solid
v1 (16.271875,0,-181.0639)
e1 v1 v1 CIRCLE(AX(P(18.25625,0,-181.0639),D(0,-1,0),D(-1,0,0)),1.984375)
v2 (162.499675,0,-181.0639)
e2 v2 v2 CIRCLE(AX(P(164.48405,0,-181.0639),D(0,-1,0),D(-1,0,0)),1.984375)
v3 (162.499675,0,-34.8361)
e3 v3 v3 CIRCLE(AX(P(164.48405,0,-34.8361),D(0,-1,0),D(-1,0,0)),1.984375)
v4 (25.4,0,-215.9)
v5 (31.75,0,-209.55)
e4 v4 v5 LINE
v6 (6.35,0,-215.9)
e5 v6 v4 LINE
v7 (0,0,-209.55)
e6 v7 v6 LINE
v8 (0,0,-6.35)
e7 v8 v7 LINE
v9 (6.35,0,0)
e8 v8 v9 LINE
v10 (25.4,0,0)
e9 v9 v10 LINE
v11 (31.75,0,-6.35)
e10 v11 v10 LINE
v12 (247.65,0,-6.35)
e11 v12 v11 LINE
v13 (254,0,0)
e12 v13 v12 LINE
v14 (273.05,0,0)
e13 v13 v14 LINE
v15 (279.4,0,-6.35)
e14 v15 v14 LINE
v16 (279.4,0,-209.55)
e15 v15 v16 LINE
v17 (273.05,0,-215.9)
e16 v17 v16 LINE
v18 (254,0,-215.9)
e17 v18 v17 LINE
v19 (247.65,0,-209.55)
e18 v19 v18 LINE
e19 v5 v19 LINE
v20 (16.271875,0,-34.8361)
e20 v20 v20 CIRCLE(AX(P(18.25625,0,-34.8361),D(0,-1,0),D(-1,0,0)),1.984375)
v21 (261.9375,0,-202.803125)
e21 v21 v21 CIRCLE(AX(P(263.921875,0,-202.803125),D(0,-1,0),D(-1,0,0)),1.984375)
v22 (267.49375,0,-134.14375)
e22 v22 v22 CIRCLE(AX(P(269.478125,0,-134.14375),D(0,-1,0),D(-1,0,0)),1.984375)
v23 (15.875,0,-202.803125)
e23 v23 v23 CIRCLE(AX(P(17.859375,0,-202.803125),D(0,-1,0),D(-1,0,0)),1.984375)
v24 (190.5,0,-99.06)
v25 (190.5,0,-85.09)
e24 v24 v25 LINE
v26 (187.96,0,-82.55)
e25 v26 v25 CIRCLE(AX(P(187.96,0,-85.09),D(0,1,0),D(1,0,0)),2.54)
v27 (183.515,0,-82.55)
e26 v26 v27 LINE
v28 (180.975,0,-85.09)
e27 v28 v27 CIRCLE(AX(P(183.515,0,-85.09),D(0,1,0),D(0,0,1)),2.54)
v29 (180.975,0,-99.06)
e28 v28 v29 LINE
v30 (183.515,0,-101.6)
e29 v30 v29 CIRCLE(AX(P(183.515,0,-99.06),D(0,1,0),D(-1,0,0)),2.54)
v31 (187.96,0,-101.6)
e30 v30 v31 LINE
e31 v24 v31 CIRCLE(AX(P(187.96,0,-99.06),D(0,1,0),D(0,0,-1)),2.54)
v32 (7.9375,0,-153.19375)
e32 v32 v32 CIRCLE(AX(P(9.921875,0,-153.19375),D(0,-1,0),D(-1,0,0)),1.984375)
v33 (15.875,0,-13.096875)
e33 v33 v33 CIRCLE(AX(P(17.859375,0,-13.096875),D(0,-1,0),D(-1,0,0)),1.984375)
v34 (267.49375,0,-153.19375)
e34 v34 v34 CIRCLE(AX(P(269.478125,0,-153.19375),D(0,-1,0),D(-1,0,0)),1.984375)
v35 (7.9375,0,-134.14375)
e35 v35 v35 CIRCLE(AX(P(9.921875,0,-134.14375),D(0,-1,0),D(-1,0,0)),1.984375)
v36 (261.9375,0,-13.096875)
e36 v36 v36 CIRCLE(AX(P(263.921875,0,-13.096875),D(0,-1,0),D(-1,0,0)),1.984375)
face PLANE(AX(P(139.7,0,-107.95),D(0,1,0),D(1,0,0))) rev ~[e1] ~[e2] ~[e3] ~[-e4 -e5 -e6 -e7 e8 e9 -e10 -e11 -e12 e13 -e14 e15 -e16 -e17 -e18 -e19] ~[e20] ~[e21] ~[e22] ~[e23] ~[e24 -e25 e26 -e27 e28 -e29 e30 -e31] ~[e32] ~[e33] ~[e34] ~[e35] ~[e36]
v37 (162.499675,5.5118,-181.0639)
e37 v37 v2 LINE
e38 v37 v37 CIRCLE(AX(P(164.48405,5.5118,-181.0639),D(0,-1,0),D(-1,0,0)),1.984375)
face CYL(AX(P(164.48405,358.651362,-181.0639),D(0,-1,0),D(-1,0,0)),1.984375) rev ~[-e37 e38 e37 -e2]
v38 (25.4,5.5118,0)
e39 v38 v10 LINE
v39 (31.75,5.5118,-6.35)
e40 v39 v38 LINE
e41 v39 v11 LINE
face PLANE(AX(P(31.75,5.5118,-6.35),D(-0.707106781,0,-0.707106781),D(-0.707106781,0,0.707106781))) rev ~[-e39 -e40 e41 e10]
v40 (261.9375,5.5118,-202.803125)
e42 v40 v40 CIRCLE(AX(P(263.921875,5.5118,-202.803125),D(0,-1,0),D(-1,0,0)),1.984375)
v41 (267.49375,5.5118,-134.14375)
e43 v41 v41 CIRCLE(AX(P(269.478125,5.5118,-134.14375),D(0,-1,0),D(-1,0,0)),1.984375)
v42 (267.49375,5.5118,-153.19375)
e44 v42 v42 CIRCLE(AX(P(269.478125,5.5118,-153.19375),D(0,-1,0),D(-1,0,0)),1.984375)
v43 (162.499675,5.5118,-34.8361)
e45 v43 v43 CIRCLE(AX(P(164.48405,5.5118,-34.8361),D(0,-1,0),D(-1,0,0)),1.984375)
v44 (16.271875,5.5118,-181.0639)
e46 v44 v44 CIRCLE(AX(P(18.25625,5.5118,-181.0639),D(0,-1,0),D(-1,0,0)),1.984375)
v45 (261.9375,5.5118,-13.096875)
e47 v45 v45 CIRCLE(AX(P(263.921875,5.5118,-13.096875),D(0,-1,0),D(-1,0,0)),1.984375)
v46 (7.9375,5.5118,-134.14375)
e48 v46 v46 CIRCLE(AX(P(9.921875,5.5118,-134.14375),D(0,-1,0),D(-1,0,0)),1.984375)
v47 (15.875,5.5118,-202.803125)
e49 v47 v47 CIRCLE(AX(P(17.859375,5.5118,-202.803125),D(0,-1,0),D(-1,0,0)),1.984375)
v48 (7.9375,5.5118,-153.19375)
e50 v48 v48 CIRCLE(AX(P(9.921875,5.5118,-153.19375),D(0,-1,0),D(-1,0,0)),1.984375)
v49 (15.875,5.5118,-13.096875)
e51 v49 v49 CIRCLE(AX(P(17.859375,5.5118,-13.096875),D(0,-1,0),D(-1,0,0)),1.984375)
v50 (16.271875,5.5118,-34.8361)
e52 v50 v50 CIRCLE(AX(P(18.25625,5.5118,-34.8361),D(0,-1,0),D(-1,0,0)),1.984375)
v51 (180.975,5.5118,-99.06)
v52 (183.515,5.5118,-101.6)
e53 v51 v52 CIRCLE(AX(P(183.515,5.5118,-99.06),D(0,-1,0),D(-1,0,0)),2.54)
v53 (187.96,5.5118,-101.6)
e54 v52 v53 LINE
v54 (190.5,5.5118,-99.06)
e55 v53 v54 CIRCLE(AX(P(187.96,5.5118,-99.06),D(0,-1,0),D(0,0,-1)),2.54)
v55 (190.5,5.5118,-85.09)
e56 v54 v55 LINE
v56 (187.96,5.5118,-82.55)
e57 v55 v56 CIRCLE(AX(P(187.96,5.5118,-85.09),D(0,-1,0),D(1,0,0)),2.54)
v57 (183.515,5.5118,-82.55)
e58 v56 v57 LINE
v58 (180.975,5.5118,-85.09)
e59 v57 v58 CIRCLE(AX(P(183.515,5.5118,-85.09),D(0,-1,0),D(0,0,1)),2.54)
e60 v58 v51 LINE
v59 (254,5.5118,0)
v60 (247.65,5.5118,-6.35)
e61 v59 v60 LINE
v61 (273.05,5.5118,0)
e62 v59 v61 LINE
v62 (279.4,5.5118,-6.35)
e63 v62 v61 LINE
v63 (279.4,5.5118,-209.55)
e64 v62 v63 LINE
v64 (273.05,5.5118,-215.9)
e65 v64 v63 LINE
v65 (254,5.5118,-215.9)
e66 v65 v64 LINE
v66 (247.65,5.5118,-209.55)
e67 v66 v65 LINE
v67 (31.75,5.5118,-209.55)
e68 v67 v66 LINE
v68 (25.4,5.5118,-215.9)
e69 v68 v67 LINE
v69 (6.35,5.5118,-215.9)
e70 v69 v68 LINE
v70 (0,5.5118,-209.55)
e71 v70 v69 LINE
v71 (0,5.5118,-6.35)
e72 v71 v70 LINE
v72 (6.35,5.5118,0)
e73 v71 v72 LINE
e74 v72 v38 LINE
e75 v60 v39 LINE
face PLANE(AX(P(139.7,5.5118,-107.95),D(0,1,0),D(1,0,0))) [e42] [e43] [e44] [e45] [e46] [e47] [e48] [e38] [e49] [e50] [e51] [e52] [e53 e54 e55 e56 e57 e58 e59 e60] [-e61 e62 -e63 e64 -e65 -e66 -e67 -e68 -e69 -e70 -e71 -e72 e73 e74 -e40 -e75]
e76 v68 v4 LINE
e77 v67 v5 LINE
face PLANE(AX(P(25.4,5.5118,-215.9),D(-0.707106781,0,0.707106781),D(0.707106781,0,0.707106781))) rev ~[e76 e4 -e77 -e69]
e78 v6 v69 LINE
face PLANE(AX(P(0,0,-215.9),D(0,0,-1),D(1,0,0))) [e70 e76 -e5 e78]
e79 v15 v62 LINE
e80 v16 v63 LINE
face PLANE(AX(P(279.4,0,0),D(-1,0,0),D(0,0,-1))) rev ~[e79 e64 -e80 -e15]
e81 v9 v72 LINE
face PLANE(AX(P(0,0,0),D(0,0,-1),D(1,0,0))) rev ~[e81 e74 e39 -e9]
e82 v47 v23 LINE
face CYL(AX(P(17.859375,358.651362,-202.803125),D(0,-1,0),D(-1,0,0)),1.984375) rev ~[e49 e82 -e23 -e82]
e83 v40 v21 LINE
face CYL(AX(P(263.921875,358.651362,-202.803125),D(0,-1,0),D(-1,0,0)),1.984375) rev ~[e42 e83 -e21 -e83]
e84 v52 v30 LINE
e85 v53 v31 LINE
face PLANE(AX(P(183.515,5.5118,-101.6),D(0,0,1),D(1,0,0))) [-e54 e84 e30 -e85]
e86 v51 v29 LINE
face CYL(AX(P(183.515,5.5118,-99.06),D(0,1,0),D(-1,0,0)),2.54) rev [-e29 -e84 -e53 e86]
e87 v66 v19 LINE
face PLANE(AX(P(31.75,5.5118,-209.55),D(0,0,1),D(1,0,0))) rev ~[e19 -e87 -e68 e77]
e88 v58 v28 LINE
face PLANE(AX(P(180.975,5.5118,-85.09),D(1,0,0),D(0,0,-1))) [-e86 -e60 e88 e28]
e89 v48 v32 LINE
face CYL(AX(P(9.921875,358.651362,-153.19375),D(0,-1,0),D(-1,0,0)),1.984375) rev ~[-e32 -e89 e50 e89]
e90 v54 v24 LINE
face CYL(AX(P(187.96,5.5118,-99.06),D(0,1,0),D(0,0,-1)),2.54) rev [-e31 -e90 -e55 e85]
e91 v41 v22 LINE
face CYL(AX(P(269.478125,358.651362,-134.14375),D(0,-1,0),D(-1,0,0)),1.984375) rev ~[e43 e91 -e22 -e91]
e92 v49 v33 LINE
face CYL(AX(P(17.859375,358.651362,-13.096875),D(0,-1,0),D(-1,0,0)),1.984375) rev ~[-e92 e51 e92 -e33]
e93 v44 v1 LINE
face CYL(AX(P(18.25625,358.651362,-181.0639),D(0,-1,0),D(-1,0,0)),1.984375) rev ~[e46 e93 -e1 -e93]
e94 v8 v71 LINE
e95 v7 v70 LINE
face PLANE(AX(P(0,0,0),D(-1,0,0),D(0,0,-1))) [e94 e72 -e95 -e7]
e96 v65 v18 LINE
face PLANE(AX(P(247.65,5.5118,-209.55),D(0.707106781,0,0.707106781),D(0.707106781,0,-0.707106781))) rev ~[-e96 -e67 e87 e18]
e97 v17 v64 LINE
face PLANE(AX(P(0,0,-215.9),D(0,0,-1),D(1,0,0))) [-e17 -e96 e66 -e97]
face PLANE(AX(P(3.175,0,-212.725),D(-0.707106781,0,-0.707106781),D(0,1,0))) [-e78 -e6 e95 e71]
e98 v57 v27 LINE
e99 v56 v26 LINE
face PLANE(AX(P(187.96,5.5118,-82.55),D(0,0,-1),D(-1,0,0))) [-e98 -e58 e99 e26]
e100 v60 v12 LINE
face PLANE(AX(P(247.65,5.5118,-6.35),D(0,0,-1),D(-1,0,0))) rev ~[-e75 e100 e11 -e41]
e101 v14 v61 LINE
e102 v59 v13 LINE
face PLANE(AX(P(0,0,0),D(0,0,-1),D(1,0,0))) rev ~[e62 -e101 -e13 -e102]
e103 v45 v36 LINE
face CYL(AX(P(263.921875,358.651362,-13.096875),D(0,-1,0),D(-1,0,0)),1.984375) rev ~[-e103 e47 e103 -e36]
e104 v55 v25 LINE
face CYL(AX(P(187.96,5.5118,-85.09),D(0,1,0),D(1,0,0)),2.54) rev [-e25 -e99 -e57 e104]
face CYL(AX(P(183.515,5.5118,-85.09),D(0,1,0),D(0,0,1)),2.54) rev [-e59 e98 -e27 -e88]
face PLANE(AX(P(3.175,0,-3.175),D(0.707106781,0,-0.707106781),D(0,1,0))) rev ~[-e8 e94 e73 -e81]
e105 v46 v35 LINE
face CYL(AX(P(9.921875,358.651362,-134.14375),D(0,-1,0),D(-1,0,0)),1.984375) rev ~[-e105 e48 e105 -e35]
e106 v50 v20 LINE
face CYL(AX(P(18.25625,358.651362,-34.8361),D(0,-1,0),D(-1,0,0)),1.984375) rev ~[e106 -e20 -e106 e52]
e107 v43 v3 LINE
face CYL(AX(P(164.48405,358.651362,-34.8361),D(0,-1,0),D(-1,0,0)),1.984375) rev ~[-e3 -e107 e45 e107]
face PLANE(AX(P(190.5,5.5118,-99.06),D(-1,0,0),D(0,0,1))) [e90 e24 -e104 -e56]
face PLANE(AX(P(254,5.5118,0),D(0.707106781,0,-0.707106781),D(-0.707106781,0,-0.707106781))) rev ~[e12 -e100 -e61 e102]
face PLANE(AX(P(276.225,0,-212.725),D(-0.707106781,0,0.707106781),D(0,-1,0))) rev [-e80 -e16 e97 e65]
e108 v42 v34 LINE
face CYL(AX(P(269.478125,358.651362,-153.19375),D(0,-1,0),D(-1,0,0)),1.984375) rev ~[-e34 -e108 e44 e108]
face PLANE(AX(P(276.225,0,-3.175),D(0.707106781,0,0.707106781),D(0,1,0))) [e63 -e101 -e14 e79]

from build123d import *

# Parameters (mm, degrees)
SKETCH1_W                       = 279.4
SKETCH1_H                       = 215.9
BOSS_EXTRUDE1_DEPTH             = 5.5118
F_5_32_0_15625_DIAMETER_HOLE1_D = 3.96875
F_5_32_0_15625_DIAMETER_HOLE2_D = 3.96875
CUT_EXTRUDE2_DEPTH              = 6.5118
CHAMFER1_SIZE                   = 6.35
CUT_EXTRUDE3_DEPTH              = 6.5118


with BuildPart() as part:
    # Sketch1 → Boss-Extrude1 (new body)
    with BuildSketch(Plane(origin=(0, 0, 0), x_dir=(1, 0, 0), z_dir=(0, 1, 0))):
        with Locations((139.7, 107.95)):
            Rectangle(SKETCH1_W, SKETCH1_H)
    extrude(amount=BOSS_EXTRUDE1_DEPTH)

    # 5/32 (0.15625) Diameter Hole1 (through all)
    with Locations(Plane(origin=(0, 5.5118, 0), x_dir=(1, 0, 0), z_dir=(0, 1, 0))):
        with Locations((17.859375, 13.096875), (17.859375, 202.803125), (9.921875, 153.19375), (9.921875, 134.14375), (263.921875, 13.096875), (269.478125, 134.14375), (269.478125, 153.19375), (263.921875, 202.803125)):
            Hole(F_5_32_0_15625_DIAMETER_HOLE1_D / 2)

    # 5/32 (0.15625) Diameter Hole2 (through all)
    with Locations(Plane(origin=(0, 5.5118, 0), x_dir=(1, 0, 0), z_dir=(0, 1, 0))):
        with Locations((18.25625, 34.8361), (164.48405, 34.8361), (164.48405, 181.0639), (18.25625, 181.0639)):
            Hole(F_5_32_0_15625_DIAMETER_HOLE2_D / 2)

    # Sketch6 → Cut-Extrude2 (cut, through all)
    with BuildSketch(Plane(origin=(0, 5.5118, 0), x_dir=(1, 0, 0), z_dir=(0, 1, 0))):
        Polygon((247.65, 209.55), (254, 215.9), (25.4, 215.9), (31.75, 209.55), align=None)
        Polygon((25.4, 0), (254, 0), (247.65, 6.35), (31.75, 6.35), align=None)
    extrude(amount=-CUT_EXTRUDE2_DEPTH, mode=Mode.SUBTRACT)

    # Chamfer1
    chamfer1_edges = [part.edges().sort_by_distance(p)[0] for p in [
        (0, 2.7559, -215.9),
        (279.4, 2.7559, -215.9),
        (279.4, 2.7559, 0),
        (0, 2.7559, 0),
    ]]
    chamfer(chamfer1_edges, length=CHAMFER1_SIZE)

    # Sketch7 → Cut-Extrude3 (cut, through all)
    with BuildSketch(Plane(origin=(0, 5.5118, 0), x_dir=(1, 0, 0), z_dir=(0, 1, 0))):
        with BuildLine():
            Line((183.515, 101.6), (187.96, 101.6))
            ThreePointArc((187.96, 101.6), (189.756051224, 100.856051224), (190.5, 99.06))
            Line((190.5, 99.06), (190.5, 85.09))
            ThreePointArc((190.5, 85.09), (189.756051224, 83.293948776), (187.96, 82.55))
            Line((187.96, 82.55), (183.515, 82.55))
            ThreePointArc((183.515, 82.55), (181.718948776, 83.293948776), (180.975, 85.09))
            Line((180.975, 85.09), (180.975, 99.06))
            ThreePointArc((180.975, 99.06), (181.718948776, 100.856051224), (183.515, 101.6))
        make_face()
    extrude(amount=-CUT_EXTRUDE3_DEPTH, mode=Mode.SUBTRACT)


solid = part.part
